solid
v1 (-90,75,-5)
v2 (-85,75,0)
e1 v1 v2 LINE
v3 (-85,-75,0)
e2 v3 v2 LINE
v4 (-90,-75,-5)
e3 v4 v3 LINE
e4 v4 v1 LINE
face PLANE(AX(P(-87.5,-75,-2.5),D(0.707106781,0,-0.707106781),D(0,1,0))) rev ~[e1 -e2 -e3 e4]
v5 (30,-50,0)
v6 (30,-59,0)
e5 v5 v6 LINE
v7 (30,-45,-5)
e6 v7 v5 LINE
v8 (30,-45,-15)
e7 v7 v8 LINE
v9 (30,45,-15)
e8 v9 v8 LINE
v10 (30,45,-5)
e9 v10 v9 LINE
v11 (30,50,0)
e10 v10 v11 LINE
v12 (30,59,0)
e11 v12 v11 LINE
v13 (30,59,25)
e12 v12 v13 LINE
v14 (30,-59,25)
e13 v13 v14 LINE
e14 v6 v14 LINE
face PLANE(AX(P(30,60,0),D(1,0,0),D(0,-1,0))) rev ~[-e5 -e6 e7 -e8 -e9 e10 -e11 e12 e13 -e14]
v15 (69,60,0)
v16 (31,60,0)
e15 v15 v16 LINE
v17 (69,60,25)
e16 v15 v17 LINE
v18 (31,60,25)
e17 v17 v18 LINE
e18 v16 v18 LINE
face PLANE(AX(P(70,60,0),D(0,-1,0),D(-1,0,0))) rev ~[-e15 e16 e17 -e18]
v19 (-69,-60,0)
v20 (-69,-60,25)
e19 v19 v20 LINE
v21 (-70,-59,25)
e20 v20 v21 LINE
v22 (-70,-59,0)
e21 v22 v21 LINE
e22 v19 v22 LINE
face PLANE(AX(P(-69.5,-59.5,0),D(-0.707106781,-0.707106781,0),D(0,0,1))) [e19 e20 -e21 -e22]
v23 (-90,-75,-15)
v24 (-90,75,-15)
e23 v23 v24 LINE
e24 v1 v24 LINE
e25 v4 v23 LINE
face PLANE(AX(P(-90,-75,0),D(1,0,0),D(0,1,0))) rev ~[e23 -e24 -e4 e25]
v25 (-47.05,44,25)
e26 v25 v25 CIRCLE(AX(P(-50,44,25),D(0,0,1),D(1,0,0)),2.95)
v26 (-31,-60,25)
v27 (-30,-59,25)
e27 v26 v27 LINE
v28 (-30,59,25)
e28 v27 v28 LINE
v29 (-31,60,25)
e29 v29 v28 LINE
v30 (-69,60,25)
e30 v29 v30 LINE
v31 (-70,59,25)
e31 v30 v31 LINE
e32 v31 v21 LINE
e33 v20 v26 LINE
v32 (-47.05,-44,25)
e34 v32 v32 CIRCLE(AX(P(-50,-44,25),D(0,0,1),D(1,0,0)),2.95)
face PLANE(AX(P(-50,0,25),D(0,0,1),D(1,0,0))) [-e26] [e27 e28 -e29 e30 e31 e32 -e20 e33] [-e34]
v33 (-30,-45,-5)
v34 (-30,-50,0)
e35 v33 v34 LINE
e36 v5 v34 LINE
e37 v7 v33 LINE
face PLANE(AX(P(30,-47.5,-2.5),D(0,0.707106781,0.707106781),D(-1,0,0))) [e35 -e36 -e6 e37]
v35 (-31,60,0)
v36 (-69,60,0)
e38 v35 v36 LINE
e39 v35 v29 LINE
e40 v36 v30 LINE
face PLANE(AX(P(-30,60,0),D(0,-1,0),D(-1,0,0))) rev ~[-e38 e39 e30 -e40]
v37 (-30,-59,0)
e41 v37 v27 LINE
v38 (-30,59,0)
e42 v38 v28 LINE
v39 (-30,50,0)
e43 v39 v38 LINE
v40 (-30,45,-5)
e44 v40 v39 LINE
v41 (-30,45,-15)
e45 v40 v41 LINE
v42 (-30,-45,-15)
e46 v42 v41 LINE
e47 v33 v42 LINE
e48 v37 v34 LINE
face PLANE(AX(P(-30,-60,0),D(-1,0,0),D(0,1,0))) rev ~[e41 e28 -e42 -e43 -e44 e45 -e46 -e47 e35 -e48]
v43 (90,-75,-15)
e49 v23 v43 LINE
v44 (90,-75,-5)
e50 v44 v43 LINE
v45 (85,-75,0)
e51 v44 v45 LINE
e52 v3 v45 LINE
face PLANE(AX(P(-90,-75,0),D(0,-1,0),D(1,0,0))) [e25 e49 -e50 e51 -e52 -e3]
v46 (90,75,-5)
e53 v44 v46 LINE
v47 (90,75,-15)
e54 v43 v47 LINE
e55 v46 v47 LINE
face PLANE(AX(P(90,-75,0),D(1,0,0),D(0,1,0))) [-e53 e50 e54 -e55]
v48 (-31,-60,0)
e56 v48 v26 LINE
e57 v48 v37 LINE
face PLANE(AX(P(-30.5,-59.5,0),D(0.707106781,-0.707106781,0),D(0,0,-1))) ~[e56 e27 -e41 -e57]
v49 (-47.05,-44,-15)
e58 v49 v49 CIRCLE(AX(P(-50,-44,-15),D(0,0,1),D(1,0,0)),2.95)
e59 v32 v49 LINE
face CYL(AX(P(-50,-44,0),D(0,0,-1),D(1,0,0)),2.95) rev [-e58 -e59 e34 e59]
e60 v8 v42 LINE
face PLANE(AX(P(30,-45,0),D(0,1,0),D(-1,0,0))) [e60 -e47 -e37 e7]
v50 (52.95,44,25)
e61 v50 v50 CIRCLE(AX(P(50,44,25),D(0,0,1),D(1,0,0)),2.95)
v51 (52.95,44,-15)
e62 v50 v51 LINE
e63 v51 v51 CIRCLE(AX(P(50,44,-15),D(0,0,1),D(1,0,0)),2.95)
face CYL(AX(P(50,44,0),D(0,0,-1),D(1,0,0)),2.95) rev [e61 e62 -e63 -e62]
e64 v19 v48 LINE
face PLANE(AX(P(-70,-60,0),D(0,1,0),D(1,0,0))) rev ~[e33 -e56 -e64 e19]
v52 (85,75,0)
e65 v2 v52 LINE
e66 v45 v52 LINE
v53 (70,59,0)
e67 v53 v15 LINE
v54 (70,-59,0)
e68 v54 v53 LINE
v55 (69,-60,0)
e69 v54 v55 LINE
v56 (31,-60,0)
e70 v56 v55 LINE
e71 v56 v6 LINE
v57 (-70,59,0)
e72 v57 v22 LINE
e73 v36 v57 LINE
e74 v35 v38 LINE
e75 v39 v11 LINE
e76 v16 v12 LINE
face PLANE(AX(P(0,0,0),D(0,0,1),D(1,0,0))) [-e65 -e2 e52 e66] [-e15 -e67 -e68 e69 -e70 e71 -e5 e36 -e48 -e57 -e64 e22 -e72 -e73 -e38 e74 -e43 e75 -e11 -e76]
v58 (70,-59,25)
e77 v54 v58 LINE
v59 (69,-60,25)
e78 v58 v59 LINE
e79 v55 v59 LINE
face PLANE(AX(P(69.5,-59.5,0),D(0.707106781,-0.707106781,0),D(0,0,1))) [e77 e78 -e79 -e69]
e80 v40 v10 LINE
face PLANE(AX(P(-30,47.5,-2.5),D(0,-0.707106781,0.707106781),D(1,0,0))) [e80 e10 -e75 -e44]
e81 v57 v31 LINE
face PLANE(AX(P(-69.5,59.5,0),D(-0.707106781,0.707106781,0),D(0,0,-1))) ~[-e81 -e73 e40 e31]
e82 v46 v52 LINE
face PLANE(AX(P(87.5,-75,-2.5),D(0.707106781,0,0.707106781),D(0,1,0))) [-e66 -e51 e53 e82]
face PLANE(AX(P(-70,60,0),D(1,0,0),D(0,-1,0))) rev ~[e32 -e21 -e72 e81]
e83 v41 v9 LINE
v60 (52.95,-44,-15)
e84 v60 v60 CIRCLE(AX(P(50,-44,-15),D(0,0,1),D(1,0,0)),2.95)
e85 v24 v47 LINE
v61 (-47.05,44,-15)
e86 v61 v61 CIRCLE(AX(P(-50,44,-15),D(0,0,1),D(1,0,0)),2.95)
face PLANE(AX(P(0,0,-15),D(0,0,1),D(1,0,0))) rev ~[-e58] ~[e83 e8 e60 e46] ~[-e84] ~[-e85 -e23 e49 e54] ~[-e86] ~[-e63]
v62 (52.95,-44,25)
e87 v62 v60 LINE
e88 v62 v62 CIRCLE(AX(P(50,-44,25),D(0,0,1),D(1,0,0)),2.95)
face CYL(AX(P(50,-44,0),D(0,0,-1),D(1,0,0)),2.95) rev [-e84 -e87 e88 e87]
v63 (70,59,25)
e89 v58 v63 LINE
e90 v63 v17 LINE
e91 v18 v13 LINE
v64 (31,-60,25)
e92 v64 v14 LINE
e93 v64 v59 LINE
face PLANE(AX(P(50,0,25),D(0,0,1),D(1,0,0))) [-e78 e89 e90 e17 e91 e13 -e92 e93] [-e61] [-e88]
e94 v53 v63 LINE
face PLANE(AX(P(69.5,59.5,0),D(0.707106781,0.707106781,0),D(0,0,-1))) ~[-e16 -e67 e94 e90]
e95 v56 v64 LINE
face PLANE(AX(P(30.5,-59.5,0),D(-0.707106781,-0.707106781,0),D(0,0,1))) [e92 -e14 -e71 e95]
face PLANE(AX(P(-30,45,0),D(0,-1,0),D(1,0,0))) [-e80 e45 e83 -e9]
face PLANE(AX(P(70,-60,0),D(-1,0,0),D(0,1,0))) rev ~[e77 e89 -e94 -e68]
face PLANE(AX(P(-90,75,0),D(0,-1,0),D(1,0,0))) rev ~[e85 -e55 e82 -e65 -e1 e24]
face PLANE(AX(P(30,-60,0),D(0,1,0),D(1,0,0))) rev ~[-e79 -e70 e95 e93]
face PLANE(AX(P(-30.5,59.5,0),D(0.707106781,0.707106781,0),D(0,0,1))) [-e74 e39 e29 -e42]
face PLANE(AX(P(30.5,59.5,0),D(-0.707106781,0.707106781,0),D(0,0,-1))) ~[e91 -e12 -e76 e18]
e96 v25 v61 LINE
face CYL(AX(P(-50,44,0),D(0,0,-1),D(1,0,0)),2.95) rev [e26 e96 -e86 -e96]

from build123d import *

# Parameters (mm, degrees)
F0_W     = 180
F0_H     = 150
F0_R     = 2.95
F1_DEPTH = 15
F2_DEPTH = 25
F3_SIZE  = 1
F4_SIZE  = 5


with BuildPart() as f1:
    # F0 (on Top) → F1 (new body)
    with BuildSketch(Plane.XY):
        Rectangle(F0_W, F0_H)
        Polygon((-30, 45), (30, 45), (30, 60), (70, 60), (70, -60), (30, -60), (30, -45), (-30, -45), (-30, -60), (-70, -60), (-70, 60), (-30, 60), align=None, mode=Mode.SUBTRACT)
        Polygon((-30, -45), (-30, 45), (-30, 60), (-70, 60), (-70, -60), (-30, -60), align=None)
        with Locations((-50, -44)):
            Circle(F0_R, mode=Mode.SUBTRACT)
        with Locations((-50, 44)):
            Circle(F0_R, mode=Mode.SUBTRACT)
        Polygon((30, 60), (30, 45), (30, -45), (30, -60), (70, -60), (70, 60), align=None)
        with Locations((50, -44)):
            Circle(F0_R, mode=Mode.SUBTRACT)
        with Locations((50, 44)):
            Circle(F0_R, mode=Mode.SUBTRACT)
    extrude(amount=-F1_DEPTH)

    # F0 (on Top) → F2 (join)
    with BuildSketch(Plane.XY):
        Polygon((-30, -45), (-30, 45), (-30, 60), (-70, 60), (-70, -60), (-30, -60), align=None)
        with Locations((-50, -44)):
            Circle(F0_R, mode=Mode.SUBTRACT)
        with Locations((-50, 44)):
            Circle(F0_R, mode=Mode.SUBTRACT)
        Polygon((30, 60), (30, 45), (30, -45), (30, -60), (70, -60), (70, 60), align=None)
        with Locations((50, -44)):
            Circle(F0_R, mode=Mode.SUBTRACT)
        with Locations((50, 44)):
            Circle(F0_R, mode=Mode.SUBTRACT)
    extrude(amount=F2_DEPTH)

    # F3
    f3_edges = [f1.edges().sort_by_distance(p)[0] for p in [
        (-70, -60, 12.5),
        (-30, -60, 12.5),
        (30, -60, 12.5),
        (70, -60, 12.5),
        (70, 60, 12.5),
        (30, 60, 12.5),
        (-30, 60, 12.5),
        (-70, 60, 12.5),
    ]]
    chamfer(f3_edges, length=F3_SIZE)

    # F4
    f4_edges = [f1.edges().sort_by_distance(p)[0] for p in [
        (0, 45, 0),
        (0, -45, 0),
        (-90, 0, 0),
        (90, 0, 0),
    ]]
    chamfer(f4_edges, length=F4_SIZE)


solid = f1.part
